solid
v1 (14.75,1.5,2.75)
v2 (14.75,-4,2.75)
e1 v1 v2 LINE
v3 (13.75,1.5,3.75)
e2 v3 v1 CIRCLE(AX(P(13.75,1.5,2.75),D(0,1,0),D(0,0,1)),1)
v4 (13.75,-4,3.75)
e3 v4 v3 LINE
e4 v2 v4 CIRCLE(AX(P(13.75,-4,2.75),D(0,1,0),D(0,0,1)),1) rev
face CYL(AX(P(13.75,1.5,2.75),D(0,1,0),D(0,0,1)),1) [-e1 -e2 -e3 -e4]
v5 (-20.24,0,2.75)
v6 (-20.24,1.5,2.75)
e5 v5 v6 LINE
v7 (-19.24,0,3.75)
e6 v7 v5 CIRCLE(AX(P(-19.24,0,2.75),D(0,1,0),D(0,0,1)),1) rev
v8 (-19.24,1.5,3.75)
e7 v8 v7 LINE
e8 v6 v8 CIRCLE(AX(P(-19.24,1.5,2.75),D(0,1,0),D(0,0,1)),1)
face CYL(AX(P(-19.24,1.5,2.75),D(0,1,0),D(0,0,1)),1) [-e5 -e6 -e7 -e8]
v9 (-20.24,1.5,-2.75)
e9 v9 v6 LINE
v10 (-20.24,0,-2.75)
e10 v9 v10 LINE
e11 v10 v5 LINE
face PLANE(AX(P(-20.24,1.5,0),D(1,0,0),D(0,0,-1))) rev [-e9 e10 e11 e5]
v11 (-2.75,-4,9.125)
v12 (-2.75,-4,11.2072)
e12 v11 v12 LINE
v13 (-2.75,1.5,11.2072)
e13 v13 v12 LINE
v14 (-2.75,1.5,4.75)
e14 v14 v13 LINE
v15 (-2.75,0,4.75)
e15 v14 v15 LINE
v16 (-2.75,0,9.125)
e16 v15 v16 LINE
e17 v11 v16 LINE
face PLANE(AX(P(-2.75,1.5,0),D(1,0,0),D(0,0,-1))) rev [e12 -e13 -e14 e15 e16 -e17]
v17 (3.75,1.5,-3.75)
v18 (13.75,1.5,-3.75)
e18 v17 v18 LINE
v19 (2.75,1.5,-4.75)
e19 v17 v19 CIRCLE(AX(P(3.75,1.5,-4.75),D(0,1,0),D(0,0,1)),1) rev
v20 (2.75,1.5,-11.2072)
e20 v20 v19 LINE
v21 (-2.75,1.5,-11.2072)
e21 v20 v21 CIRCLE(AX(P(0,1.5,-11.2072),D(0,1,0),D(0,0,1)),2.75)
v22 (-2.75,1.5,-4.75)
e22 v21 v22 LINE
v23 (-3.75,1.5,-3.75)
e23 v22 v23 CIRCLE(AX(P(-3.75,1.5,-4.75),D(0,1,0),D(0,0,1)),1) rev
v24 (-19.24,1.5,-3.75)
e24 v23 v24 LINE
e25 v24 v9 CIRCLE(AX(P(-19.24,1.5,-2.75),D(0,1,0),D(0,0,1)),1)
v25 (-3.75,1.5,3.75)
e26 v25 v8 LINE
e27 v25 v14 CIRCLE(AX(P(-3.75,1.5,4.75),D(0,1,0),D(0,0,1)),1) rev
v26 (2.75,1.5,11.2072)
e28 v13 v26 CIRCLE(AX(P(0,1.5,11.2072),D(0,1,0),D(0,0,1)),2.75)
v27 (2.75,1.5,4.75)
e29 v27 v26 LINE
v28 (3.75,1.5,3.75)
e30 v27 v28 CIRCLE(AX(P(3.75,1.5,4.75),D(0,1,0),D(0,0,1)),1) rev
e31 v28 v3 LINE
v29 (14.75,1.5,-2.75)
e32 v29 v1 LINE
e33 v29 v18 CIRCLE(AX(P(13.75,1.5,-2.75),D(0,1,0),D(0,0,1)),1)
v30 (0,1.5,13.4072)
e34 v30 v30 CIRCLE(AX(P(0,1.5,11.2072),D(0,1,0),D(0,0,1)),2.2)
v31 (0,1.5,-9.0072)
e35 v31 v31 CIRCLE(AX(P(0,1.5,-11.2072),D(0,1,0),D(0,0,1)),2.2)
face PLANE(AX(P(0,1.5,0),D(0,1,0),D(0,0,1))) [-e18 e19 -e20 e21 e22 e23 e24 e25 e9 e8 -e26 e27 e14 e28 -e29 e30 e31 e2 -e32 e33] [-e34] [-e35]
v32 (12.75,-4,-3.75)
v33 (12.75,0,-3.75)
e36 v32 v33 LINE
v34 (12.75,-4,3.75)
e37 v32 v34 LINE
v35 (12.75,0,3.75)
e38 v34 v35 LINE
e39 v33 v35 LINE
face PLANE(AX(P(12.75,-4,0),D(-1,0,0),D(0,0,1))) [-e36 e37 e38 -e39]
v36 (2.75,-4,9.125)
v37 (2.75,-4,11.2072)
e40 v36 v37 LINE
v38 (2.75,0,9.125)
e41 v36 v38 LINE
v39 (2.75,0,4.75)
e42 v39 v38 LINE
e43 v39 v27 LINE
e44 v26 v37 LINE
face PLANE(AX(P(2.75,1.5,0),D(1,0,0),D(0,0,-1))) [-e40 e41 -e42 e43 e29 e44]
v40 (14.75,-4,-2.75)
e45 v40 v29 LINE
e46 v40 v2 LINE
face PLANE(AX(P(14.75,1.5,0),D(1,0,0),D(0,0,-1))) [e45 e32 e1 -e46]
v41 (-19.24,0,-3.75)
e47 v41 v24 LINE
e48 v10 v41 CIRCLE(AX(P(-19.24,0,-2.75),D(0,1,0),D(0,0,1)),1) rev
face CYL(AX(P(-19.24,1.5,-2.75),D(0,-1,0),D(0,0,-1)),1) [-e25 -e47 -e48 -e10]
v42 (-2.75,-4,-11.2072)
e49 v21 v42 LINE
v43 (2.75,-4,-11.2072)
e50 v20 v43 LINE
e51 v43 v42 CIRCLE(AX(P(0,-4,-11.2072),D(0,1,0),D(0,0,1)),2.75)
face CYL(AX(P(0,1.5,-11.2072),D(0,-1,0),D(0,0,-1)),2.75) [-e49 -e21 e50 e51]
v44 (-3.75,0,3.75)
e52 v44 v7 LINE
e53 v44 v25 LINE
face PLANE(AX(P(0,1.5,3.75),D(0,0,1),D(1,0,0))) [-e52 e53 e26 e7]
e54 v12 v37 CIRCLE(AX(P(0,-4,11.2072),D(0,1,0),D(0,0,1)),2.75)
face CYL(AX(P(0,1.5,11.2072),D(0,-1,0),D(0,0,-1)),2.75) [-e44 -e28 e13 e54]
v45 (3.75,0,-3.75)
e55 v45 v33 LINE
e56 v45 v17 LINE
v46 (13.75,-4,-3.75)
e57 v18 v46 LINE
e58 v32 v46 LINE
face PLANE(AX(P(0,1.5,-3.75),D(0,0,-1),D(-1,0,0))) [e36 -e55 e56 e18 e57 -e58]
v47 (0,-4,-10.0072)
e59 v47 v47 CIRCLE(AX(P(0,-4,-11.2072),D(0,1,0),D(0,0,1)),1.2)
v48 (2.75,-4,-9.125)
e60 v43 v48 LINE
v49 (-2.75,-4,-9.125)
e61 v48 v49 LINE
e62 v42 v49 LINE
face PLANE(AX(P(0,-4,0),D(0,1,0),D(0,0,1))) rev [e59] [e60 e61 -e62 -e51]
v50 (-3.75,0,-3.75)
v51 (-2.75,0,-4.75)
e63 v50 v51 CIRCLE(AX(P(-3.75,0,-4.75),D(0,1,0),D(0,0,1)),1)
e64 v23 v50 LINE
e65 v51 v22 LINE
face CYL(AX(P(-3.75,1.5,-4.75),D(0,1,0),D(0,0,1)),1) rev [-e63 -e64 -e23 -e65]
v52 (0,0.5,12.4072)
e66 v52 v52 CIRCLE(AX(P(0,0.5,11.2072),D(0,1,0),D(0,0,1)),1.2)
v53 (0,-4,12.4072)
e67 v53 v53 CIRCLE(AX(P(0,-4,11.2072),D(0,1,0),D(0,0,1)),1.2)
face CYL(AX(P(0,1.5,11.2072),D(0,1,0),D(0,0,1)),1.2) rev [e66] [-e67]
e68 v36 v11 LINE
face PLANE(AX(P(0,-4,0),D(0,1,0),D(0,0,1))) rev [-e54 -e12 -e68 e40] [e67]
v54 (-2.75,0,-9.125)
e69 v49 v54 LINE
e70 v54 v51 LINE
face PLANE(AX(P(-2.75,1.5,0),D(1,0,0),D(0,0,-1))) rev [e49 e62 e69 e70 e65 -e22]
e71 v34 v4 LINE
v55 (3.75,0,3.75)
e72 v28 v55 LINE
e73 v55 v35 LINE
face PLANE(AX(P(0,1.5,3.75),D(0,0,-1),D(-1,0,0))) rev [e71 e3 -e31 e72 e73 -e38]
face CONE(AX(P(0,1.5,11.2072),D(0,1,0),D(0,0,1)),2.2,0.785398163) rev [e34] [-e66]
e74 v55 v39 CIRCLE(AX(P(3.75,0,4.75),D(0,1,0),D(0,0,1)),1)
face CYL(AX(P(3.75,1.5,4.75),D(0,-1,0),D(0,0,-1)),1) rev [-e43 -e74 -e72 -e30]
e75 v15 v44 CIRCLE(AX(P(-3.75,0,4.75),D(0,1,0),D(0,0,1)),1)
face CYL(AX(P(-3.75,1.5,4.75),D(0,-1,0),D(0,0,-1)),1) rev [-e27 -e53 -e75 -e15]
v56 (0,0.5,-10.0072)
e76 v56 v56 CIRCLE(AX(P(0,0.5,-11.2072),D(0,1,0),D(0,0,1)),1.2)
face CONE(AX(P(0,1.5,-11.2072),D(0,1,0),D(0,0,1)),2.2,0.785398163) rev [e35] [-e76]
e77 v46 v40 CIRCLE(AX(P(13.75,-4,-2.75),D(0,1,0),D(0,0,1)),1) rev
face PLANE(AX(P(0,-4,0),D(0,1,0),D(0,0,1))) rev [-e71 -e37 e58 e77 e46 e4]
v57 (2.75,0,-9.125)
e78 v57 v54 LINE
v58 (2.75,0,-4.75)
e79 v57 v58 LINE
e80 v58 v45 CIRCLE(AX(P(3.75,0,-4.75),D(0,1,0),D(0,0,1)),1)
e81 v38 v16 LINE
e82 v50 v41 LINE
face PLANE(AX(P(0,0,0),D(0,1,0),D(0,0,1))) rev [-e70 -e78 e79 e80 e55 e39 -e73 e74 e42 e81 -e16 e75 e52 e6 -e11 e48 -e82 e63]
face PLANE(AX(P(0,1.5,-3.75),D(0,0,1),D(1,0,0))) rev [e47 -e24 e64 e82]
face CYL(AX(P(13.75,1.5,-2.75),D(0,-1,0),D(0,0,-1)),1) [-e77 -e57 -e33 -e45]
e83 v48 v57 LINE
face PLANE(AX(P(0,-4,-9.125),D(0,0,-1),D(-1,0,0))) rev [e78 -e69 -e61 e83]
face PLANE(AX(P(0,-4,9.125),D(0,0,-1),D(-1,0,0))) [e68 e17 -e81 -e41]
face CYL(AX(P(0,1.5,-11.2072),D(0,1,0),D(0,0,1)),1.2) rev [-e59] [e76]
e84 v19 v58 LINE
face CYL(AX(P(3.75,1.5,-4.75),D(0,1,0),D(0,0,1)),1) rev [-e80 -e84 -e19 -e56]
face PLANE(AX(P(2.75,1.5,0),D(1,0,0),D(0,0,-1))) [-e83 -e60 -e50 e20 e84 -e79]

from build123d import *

# Parameters (mm, degrees)
BOSS_EXTRUDE1_DEPTH                            = 1.5
BOSS_EXTRUDE2_START                            = -4
SKETCH1_4_W                                    = 2
SKETCH1_4_H                                    = 7.5
BOSS_EXTRUDE2_DEPTH                            = 4
CSK_FOR_M2_FLAT_HEAD_MACHINE_SCREW1_AT_2_COUNT = 2
CSK_FOR_M2_FLAT_HEAD_MACHINE_SCREW1_AT_2_PITCH = 22.4144
CSK_FOR_M2_FLAT_HEAD_MACHINE_SCREW1_AT_3_COUNT = 2
CSK_FOR_M2_FLAT_HEAD_MACHINE_SCREW1_AT_3_PITCH = 22.4144
FILLET1_R                                      = 1


with BuildPart() as part:
    # Sketch1 → Boss-Extrude1 (new body)
    with BuildSketch(Plane(origin=(0, 0, 0), x_dir=(1, 0, 0), z_dir=(0, 1, 0))):
        with BuildLine():
            ThreePointArc((2.75, 11.2072), (0, 13.9572), (-2.75, 11.2072))
            Line((-2.75, 11.2072), (-2.75, 3.75))
            Line((-2.75, 3.75), (-20.24, 3.75))
            Line((-20.24, 3.75), (-20.24, -3.75))
            Line((-20.24, -3.75), (-2.75, -3.75))
            Line((-2.75, -3.75), (-2.75, -11.2072))
            ThreePointArc((-2.75, -11.2072), (0, -13.9572), (2.75, -11.2072))
            Line((2.75, -11.2072), (2.75, -3.75))
            Line((2.75, -3.75), (14.75, -3.75))
            Line((14.75, -3.75), (14.75, 3.75))
            Line((14.75, 3.75), (2.75, 3.75))
            Line((2.75, 3.75), (2.75, 11.2072))
        make_face()
    extrude(amount=BOSS_EXTRUDE1_DEPTH)

    # Sketch1<4> → Boss-Extrude2 (add)
    with BuildSketch(Plane(origin=(0, 0, 0), x_dir=(1, 0, 0), z_dir=(0, 1, 0)).offset(BOSS_EXTRUDE2_START)):
        with BuildLine():
            Line((2.75, 9.125), (2.75, 11.2072))
            ThreePointArc((2.75, 11.2072), (0, 13.9572), (-2.75, 11.2072))
            Line((-2.75, 11.2072), (-2.75, 9.125))
            Line((-2.75, 9.125), (2.75, 9.125))
        make_face()
        with Locations((13.75, 0)):
            Rectangle(SKETCH1_4_W, SKETCH1_4_H)
        with BuildLine():
            Line((2.75, -11.2072), (2.75, -9.125))
            Line((2.75, -9.125), (-2.75, -9.125))
            Line((-2.75, -9.125), (-2.75, -11.2072))
            ThreePointArc((-2.75, -11.2072), (0, -13.9572), (2.75, -11.2072))
        make_face()
    extrude(amount=BOSS_EXTRUDE2_DEPTH)

    # Sketch3 → CSK for M2 Flat Head Machine Screw1 (revolve, cut)
    with BuildSketch(Plane(origin=(0, 1.5, 11.2072), x_dir=(0, 0, 1), z_dir=(1, 0, 0))):
        Polygon((0, 0), (0, 5.5), (1.2, 5.5), (1.2, 1), (2.2, 0), align=None)
    csk_for_m2_flat_head_machine_screw1 = revolve(axis=Axis((0, 7.85, 11.2072), (0, -1, 0)), mode=Mode.SUBTRACT)

    # CSK for M2 Flat Head Machine Screw1 at 2: CSK for M2 Flat Head Machine Screw1 ×2
    with Locations(*[(0, 0, -i * CSK_FOR_M2_FLAT_HEAD_MACHINE_SCREW1_AT_2_PITCH) for i in range(1, CSK_FOR_M2_FLAT_HEAD_MACHINE_SCREW1_AT_2_COUNT)]):
        add(csk_for_m2_flat_head_machine_screw1, mode=Mode.SUBTRACT)

    # CSK for M2 Flat Head Machine Screw1 at 3: CSK for M2 Flat Head Machine Screw1 ×2
    with Locations(*[(0, 0, -i * CSK_FOR_M2_FLAT_HEAD_MACHINE_SCREW1_AT_3_PITCH) for i in range(1, CSK_FOR_M2_FLAT_HEAD_MACHINE_SCREW1_AT_3_COUNT)]):
        add(csk_for_m2_flat_head_machine_screw1, mode=Mode.SUBTRACT)

    # Fillet1
    fillet1_edges = [part.edges().sort_by_distance(p)[0] for p in [
        (14.75, -1.25, 3.75),
        (2.75, 0.75, 3.75),
        (-2.75, 0.75, 3.75),
        (-20.24, 0.75, 3.75),
        (-20.24, 0.75, -3.75),
        (2.75, 0.75, -3.75),
        (14.75, -1.25, -3.75),
        (-2.75, 0.75, -3.75),
    ]]
    fillet(fillet1_edges, radius=FILLET1_R)


solid = part.part
